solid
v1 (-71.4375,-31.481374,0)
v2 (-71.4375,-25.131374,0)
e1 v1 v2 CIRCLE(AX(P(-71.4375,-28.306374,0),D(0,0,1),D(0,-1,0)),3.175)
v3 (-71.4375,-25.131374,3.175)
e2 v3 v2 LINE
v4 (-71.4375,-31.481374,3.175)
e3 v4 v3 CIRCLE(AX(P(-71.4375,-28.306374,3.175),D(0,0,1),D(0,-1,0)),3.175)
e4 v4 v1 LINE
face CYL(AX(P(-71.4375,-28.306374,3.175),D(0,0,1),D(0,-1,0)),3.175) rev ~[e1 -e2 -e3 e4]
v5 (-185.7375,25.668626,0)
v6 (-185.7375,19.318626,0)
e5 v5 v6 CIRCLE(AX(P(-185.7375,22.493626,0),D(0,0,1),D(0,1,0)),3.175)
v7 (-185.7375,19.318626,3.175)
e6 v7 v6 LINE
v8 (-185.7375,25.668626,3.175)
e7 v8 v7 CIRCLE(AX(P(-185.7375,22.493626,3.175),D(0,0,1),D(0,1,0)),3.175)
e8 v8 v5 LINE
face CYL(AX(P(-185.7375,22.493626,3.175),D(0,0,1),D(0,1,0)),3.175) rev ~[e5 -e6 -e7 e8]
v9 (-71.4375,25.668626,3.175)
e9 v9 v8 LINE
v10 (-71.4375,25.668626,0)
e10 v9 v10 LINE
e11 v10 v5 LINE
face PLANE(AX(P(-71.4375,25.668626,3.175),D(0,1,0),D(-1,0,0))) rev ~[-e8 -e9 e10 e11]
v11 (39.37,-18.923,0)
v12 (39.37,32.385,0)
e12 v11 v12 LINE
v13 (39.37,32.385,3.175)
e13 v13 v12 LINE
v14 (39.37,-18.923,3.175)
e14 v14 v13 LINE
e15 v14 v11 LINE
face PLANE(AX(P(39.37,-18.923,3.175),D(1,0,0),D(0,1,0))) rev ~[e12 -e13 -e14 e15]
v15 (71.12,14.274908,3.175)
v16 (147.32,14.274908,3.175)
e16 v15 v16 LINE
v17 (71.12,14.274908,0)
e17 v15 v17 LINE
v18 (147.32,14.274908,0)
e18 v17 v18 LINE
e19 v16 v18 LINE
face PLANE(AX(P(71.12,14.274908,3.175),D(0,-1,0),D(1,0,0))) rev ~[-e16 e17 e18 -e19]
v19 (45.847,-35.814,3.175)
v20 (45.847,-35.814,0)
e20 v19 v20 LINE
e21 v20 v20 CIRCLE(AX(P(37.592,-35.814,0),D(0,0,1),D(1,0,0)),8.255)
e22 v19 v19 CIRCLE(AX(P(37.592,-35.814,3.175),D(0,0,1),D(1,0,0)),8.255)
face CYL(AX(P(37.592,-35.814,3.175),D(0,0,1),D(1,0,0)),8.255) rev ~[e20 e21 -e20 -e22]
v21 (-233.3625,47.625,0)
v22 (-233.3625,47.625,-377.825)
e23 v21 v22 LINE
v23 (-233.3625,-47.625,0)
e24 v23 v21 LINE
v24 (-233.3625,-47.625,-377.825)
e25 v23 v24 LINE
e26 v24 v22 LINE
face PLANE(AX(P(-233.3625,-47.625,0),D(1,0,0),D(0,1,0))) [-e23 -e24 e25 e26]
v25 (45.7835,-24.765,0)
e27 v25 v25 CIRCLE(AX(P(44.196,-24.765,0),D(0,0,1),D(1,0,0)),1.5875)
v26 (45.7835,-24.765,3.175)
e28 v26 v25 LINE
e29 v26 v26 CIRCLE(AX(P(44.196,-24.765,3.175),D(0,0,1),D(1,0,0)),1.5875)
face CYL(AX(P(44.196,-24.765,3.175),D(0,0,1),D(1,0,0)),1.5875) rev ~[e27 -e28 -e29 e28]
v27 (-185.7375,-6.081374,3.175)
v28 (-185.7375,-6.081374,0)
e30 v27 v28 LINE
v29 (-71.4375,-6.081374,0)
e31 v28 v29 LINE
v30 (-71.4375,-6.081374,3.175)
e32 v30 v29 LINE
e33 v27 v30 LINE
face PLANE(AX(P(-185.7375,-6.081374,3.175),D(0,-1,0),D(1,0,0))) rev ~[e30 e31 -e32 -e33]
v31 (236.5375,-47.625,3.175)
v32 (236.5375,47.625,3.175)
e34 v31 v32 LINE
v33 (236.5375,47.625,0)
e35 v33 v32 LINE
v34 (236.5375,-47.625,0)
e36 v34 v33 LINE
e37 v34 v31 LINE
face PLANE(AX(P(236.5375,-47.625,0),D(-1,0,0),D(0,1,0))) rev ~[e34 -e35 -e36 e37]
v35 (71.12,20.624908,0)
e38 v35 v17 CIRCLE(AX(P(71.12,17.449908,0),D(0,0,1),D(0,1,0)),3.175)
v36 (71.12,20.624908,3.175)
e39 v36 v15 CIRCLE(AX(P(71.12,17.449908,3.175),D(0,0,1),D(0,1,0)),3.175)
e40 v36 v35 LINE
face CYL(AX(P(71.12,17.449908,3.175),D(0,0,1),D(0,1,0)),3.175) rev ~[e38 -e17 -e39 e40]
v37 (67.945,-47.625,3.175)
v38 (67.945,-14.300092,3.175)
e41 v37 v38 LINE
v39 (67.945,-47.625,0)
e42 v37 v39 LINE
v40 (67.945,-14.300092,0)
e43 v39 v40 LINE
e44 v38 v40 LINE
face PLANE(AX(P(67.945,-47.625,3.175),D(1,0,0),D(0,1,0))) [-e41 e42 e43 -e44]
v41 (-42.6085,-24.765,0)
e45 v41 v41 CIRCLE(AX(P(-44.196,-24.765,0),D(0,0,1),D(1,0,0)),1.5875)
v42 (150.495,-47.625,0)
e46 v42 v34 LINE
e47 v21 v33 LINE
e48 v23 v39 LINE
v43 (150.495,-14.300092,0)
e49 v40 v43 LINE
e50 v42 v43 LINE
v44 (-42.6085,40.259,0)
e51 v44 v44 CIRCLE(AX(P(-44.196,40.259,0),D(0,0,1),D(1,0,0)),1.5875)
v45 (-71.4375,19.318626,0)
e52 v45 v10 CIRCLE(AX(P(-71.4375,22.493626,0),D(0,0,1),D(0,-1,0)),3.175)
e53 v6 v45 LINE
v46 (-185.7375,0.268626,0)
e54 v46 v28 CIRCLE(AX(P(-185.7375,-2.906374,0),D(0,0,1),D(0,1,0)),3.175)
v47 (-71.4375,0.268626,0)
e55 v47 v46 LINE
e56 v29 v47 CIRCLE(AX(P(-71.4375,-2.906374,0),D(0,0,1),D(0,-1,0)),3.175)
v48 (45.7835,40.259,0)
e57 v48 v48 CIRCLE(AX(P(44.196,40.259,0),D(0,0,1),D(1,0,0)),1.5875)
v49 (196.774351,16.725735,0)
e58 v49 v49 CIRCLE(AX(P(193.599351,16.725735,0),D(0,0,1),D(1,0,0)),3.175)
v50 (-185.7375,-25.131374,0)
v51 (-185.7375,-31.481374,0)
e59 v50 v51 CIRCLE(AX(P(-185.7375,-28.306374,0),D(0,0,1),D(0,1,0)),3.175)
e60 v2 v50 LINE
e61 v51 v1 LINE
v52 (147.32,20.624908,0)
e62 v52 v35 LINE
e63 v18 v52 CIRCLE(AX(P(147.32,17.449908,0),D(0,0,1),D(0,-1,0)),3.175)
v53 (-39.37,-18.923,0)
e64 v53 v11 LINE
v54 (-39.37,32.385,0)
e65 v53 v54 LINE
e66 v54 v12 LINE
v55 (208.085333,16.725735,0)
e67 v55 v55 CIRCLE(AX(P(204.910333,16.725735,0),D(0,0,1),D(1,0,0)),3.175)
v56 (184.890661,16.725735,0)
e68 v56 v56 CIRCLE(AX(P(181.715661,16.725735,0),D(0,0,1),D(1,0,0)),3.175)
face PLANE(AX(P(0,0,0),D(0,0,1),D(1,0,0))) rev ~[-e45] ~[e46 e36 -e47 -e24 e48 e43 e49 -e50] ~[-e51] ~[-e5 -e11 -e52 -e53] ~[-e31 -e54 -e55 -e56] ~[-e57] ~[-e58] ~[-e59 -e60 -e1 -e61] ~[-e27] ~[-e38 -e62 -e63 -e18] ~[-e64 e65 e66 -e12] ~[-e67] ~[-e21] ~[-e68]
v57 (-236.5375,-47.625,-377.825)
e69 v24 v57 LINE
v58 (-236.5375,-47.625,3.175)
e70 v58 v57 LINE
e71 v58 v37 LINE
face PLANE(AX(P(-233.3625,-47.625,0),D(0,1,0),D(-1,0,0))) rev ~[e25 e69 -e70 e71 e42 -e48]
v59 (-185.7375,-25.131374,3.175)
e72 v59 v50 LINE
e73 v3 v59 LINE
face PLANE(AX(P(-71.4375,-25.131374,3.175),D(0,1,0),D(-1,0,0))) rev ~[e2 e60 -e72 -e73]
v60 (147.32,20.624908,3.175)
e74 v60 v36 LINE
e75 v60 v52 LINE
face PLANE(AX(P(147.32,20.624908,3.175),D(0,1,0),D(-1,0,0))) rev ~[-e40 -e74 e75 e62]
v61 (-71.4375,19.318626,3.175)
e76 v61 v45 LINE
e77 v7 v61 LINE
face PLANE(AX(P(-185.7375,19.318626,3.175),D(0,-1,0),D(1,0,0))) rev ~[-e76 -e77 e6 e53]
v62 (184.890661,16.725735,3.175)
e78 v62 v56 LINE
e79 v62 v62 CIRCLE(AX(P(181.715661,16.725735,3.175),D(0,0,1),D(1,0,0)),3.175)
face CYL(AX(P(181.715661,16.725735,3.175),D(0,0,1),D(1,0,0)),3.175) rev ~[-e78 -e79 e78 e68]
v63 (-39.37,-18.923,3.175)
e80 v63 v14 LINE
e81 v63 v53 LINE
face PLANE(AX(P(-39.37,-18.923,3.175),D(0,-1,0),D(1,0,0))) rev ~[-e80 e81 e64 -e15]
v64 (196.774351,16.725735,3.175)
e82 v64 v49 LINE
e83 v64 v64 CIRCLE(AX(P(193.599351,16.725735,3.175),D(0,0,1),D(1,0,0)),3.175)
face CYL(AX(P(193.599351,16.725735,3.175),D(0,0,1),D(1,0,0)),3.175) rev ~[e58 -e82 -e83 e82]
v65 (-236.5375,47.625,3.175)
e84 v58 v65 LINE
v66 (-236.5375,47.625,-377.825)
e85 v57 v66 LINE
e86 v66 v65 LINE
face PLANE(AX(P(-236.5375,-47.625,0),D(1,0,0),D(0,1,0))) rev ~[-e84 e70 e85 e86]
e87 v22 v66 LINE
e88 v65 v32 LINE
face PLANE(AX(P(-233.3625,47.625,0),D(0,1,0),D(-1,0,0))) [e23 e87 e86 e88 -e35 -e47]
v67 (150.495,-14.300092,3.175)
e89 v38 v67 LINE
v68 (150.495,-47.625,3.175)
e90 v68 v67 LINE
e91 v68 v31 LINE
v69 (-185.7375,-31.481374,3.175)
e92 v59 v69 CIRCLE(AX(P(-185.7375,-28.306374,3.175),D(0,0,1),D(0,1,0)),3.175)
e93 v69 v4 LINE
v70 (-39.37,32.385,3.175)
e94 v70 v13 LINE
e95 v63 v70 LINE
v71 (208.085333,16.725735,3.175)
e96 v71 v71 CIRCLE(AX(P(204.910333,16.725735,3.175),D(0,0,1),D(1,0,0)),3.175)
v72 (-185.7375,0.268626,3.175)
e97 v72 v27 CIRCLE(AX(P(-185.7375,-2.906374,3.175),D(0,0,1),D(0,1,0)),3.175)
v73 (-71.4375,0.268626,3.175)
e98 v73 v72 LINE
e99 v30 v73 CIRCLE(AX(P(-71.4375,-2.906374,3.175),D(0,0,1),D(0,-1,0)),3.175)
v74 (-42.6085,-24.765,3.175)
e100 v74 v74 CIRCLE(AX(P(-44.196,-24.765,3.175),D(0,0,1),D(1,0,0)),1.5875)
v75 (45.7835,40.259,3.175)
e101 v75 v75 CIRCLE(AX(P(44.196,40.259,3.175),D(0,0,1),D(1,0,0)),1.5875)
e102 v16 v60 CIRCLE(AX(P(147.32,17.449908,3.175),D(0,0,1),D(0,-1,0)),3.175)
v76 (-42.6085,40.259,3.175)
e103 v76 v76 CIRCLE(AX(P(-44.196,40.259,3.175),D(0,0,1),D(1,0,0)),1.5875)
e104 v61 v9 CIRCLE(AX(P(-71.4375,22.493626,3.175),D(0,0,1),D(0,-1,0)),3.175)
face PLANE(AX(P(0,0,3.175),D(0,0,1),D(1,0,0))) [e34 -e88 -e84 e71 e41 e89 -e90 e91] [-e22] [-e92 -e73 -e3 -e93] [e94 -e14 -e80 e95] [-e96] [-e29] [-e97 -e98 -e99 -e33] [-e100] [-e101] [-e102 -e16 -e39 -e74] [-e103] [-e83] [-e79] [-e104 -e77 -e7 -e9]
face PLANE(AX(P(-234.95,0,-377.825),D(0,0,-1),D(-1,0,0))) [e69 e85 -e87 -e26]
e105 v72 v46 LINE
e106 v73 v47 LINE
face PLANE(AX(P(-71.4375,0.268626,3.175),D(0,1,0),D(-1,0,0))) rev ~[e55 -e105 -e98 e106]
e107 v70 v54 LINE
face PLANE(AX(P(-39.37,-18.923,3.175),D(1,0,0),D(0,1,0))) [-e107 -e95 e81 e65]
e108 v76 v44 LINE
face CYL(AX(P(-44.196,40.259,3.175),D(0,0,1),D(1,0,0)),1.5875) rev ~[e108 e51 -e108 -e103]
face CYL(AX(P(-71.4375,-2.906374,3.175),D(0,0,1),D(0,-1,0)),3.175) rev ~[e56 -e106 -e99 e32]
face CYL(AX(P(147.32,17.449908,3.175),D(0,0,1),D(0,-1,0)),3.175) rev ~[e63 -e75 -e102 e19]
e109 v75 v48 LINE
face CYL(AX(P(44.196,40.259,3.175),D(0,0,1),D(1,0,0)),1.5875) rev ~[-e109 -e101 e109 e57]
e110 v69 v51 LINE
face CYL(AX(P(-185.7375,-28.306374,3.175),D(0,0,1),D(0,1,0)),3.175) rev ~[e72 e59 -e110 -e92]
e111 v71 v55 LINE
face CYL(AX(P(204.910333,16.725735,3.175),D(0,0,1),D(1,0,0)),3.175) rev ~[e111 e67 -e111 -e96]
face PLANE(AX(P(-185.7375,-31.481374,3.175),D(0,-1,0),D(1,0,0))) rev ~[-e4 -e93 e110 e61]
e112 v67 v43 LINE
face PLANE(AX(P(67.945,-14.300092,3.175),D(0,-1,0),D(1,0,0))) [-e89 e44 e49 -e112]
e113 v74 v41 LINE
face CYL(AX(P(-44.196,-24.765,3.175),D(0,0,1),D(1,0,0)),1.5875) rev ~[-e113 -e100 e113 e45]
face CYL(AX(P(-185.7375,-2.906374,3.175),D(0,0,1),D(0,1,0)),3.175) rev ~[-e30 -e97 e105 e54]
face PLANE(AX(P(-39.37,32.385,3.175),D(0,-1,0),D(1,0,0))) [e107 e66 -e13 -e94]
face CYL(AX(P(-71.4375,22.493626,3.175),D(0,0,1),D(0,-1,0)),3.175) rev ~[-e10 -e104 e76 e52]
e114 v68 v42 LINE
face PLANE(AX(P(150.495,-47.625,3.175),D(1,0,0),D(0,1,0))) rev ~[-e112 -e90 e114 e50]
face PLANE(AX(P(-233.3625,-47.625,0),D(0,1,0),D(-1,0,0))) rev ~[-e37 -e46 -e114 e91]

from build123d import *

# Parameters (mm, degrees)
SKETCH1_W           = 473.075
SKETCH1_H           = 95.25
BOSS_EXTRUDE1_DEPTH = 3.175
SKETCH3_W           = 78.74
SKETCH3_H           = 51.308
CUT_EXTRUDE2_DEPTH  = 242.305221983
SKETCH4_R           = 8.255
CUT_EXTRUDE3_DEPTH  = 242.305221983
SKETCH5_R           = 1.5875
CUT_EXTRUDE4_DEPTH  = 242.305221983
SKETCH6_W           = 3.175
SKETCH6_H           = 95.25
BOSS_EXTRUDE2_DEPTH = 377.825
SKETCH8_W           = 82.55
SKETCH8_H           = 33.324907577
CUT_EXTRUDE6_DEPTH  = 29.464
SKETCH9_R           = 3.175
CUT_EXTRUDE7_DEPTH  = 451.975752709


with BuildPart() as part:
    # Sketch1 → Boss-Extrude1 (new body)
    with BuildSketch(Plane.XY):
        Rectangle(SKETCH1_W, SKETCH1_H)
    extrude(amount=BOSS_EXTRUDE1_DEPTH)

    # Sketch3 → Cut-Extrude2 (cut, through all)
    with BuildSketch(Plane.XY.offset(3.175)):
        with Locations((0, 6.731)):
            Rectangle(SKETCH3_W, SKETCH3_H)
    extrude(amount=-CUT_EXTRUDE2_DEPTH, mode=Mode.SUBTRACT)

    # Sketch4 → Cut-Extrude3 (cut, through all)
    with BuildSketch(Plane.XY.offset(3.175)):
        with Locations((37.592, -35.814)):
            Circle(SKETCH4_R)
    extrude(amount=-CUT_EXTRUDE3_DEPTH, mode=Mode.SUBTRACT)

    # Sketch5 → Cut-Extrude4 (cut, through all)
    with BuildSketch(Plane.XY.offset(3.175)):
        with Locations((-44.196, 40.259)):
            Circle(SKETCH5_R)
        with Locations((44.196, 40.259)):
            Circle(SKETCH5_R)
        with Locations((-44.196, -24.765)):
            Circle(SKETCH5_R)
        with Locations((44.196, -24.765)):
            Circle(SKETCH5_R)
    extrude(amount=-CUT_EXTRUDE4_DEPTH, mode=Mode.SUBTRACT)

    # Sketch6 → Boss-Extrude2 (add)
    with BuildSketch(Plane(origin=(0, 0, 0), x_dir=(-1, 0, 0), z_dir=(0, 0, -1))):
        with Locations((234.95, 0)):
            Rectangle(SKETCH6_W, SKETCH6_H)
    extrude(amount=BOSS_EXTRUDE2_DEPTH)

    # Sketch8 → Cut-Extrude6 (cut)
    with BuildSketch(Plane.XY.offset(3.175)):
        with Locations((109.22, -30.962546212)):
            Rectangle(SKETCH8_W, SKETCH8_H)
        with BuildLine():
            Line((71.12, 14.274907577), (147.32, 14.274907577))
            ThreePointArc((147.32, 14.274907577), (150.495, 17.449907577), (147.32, 20.624907577))
            Line((147.32, 20.624907577), (71.12, 20.624907577))
            ThreePointArc((71.12, 20.624907577), (67.945, 17.449907577), (71.12, 14.274907577))
        make_face()
        with BuildLine():
            Line((-185.7375, 19.318625561), (-71.4375, 19.318625561))
            ThreePointArc((-71.4375, 19.318625561), (-68.2625, 22.493625561), (-71.4375, 25.668625561))
            Line((-71.4375, 25.668625561), (-185.7375, 25.668625561))
            ThreePointArc((-185.7375, 25.668625561), (-188.9125, 22.493625561), (-185.7375, 19.318625561))
        make_face()
        with BuildLine():
            Line((-185.7375, -6.081374439), (-71.4375, -6.081374439))
            ThreePointArc((-71.4375, -6.081374439), (-68.2625, -2.906374439), (-71.4375, 0.268625561))
            Line((-71.4375, 0.268625561), (-185.7375, 0.268625561))
            ThreePointArc((-185.7375, 0.268625561), (-188.9125, -2.906374439), (-185.7375, -6.081374439))
        make_face()
        with BuildLine():
            Line((-185.7375, -31.481374439), (-71.4375, -31.481374439))
            ThreePointArc((-71.4375, -31.481374439), (-68.2625, -28.306374439), (-71.4375, -25.131374439))
            Line((-71.4375, -25.131374439), (-185.7375, -25.131374439))
            ThreePointArc((-185.7375, -25.131374439), (-188.9125, -28.306374439), (-185.7375, -31.481374439))
        make_face()
    extrude(amount=-CUT_EXTRUDE6_DEPTH, mode=Mode.SUBTRACT)

    # Sketch9 → Cut-Extrude7 (cut, through all)
    with BuildSketch(Plane.XY.offset(3.175)):
        with Locations((181.715661459, 16.725735437)):
            Circle(SKETCH9_R)
        with Locations((193.599351225, 16.725735437)):
            Circle(SKETCH9_R)
        with Locations((204.910333051, 16.725735437)):
            Circle(SKETCH9_R)
    extrude(amount=-CUT_EXTRUDE7_DEPTH, mode=Mode.SUBTRACT)


solid = part.part
